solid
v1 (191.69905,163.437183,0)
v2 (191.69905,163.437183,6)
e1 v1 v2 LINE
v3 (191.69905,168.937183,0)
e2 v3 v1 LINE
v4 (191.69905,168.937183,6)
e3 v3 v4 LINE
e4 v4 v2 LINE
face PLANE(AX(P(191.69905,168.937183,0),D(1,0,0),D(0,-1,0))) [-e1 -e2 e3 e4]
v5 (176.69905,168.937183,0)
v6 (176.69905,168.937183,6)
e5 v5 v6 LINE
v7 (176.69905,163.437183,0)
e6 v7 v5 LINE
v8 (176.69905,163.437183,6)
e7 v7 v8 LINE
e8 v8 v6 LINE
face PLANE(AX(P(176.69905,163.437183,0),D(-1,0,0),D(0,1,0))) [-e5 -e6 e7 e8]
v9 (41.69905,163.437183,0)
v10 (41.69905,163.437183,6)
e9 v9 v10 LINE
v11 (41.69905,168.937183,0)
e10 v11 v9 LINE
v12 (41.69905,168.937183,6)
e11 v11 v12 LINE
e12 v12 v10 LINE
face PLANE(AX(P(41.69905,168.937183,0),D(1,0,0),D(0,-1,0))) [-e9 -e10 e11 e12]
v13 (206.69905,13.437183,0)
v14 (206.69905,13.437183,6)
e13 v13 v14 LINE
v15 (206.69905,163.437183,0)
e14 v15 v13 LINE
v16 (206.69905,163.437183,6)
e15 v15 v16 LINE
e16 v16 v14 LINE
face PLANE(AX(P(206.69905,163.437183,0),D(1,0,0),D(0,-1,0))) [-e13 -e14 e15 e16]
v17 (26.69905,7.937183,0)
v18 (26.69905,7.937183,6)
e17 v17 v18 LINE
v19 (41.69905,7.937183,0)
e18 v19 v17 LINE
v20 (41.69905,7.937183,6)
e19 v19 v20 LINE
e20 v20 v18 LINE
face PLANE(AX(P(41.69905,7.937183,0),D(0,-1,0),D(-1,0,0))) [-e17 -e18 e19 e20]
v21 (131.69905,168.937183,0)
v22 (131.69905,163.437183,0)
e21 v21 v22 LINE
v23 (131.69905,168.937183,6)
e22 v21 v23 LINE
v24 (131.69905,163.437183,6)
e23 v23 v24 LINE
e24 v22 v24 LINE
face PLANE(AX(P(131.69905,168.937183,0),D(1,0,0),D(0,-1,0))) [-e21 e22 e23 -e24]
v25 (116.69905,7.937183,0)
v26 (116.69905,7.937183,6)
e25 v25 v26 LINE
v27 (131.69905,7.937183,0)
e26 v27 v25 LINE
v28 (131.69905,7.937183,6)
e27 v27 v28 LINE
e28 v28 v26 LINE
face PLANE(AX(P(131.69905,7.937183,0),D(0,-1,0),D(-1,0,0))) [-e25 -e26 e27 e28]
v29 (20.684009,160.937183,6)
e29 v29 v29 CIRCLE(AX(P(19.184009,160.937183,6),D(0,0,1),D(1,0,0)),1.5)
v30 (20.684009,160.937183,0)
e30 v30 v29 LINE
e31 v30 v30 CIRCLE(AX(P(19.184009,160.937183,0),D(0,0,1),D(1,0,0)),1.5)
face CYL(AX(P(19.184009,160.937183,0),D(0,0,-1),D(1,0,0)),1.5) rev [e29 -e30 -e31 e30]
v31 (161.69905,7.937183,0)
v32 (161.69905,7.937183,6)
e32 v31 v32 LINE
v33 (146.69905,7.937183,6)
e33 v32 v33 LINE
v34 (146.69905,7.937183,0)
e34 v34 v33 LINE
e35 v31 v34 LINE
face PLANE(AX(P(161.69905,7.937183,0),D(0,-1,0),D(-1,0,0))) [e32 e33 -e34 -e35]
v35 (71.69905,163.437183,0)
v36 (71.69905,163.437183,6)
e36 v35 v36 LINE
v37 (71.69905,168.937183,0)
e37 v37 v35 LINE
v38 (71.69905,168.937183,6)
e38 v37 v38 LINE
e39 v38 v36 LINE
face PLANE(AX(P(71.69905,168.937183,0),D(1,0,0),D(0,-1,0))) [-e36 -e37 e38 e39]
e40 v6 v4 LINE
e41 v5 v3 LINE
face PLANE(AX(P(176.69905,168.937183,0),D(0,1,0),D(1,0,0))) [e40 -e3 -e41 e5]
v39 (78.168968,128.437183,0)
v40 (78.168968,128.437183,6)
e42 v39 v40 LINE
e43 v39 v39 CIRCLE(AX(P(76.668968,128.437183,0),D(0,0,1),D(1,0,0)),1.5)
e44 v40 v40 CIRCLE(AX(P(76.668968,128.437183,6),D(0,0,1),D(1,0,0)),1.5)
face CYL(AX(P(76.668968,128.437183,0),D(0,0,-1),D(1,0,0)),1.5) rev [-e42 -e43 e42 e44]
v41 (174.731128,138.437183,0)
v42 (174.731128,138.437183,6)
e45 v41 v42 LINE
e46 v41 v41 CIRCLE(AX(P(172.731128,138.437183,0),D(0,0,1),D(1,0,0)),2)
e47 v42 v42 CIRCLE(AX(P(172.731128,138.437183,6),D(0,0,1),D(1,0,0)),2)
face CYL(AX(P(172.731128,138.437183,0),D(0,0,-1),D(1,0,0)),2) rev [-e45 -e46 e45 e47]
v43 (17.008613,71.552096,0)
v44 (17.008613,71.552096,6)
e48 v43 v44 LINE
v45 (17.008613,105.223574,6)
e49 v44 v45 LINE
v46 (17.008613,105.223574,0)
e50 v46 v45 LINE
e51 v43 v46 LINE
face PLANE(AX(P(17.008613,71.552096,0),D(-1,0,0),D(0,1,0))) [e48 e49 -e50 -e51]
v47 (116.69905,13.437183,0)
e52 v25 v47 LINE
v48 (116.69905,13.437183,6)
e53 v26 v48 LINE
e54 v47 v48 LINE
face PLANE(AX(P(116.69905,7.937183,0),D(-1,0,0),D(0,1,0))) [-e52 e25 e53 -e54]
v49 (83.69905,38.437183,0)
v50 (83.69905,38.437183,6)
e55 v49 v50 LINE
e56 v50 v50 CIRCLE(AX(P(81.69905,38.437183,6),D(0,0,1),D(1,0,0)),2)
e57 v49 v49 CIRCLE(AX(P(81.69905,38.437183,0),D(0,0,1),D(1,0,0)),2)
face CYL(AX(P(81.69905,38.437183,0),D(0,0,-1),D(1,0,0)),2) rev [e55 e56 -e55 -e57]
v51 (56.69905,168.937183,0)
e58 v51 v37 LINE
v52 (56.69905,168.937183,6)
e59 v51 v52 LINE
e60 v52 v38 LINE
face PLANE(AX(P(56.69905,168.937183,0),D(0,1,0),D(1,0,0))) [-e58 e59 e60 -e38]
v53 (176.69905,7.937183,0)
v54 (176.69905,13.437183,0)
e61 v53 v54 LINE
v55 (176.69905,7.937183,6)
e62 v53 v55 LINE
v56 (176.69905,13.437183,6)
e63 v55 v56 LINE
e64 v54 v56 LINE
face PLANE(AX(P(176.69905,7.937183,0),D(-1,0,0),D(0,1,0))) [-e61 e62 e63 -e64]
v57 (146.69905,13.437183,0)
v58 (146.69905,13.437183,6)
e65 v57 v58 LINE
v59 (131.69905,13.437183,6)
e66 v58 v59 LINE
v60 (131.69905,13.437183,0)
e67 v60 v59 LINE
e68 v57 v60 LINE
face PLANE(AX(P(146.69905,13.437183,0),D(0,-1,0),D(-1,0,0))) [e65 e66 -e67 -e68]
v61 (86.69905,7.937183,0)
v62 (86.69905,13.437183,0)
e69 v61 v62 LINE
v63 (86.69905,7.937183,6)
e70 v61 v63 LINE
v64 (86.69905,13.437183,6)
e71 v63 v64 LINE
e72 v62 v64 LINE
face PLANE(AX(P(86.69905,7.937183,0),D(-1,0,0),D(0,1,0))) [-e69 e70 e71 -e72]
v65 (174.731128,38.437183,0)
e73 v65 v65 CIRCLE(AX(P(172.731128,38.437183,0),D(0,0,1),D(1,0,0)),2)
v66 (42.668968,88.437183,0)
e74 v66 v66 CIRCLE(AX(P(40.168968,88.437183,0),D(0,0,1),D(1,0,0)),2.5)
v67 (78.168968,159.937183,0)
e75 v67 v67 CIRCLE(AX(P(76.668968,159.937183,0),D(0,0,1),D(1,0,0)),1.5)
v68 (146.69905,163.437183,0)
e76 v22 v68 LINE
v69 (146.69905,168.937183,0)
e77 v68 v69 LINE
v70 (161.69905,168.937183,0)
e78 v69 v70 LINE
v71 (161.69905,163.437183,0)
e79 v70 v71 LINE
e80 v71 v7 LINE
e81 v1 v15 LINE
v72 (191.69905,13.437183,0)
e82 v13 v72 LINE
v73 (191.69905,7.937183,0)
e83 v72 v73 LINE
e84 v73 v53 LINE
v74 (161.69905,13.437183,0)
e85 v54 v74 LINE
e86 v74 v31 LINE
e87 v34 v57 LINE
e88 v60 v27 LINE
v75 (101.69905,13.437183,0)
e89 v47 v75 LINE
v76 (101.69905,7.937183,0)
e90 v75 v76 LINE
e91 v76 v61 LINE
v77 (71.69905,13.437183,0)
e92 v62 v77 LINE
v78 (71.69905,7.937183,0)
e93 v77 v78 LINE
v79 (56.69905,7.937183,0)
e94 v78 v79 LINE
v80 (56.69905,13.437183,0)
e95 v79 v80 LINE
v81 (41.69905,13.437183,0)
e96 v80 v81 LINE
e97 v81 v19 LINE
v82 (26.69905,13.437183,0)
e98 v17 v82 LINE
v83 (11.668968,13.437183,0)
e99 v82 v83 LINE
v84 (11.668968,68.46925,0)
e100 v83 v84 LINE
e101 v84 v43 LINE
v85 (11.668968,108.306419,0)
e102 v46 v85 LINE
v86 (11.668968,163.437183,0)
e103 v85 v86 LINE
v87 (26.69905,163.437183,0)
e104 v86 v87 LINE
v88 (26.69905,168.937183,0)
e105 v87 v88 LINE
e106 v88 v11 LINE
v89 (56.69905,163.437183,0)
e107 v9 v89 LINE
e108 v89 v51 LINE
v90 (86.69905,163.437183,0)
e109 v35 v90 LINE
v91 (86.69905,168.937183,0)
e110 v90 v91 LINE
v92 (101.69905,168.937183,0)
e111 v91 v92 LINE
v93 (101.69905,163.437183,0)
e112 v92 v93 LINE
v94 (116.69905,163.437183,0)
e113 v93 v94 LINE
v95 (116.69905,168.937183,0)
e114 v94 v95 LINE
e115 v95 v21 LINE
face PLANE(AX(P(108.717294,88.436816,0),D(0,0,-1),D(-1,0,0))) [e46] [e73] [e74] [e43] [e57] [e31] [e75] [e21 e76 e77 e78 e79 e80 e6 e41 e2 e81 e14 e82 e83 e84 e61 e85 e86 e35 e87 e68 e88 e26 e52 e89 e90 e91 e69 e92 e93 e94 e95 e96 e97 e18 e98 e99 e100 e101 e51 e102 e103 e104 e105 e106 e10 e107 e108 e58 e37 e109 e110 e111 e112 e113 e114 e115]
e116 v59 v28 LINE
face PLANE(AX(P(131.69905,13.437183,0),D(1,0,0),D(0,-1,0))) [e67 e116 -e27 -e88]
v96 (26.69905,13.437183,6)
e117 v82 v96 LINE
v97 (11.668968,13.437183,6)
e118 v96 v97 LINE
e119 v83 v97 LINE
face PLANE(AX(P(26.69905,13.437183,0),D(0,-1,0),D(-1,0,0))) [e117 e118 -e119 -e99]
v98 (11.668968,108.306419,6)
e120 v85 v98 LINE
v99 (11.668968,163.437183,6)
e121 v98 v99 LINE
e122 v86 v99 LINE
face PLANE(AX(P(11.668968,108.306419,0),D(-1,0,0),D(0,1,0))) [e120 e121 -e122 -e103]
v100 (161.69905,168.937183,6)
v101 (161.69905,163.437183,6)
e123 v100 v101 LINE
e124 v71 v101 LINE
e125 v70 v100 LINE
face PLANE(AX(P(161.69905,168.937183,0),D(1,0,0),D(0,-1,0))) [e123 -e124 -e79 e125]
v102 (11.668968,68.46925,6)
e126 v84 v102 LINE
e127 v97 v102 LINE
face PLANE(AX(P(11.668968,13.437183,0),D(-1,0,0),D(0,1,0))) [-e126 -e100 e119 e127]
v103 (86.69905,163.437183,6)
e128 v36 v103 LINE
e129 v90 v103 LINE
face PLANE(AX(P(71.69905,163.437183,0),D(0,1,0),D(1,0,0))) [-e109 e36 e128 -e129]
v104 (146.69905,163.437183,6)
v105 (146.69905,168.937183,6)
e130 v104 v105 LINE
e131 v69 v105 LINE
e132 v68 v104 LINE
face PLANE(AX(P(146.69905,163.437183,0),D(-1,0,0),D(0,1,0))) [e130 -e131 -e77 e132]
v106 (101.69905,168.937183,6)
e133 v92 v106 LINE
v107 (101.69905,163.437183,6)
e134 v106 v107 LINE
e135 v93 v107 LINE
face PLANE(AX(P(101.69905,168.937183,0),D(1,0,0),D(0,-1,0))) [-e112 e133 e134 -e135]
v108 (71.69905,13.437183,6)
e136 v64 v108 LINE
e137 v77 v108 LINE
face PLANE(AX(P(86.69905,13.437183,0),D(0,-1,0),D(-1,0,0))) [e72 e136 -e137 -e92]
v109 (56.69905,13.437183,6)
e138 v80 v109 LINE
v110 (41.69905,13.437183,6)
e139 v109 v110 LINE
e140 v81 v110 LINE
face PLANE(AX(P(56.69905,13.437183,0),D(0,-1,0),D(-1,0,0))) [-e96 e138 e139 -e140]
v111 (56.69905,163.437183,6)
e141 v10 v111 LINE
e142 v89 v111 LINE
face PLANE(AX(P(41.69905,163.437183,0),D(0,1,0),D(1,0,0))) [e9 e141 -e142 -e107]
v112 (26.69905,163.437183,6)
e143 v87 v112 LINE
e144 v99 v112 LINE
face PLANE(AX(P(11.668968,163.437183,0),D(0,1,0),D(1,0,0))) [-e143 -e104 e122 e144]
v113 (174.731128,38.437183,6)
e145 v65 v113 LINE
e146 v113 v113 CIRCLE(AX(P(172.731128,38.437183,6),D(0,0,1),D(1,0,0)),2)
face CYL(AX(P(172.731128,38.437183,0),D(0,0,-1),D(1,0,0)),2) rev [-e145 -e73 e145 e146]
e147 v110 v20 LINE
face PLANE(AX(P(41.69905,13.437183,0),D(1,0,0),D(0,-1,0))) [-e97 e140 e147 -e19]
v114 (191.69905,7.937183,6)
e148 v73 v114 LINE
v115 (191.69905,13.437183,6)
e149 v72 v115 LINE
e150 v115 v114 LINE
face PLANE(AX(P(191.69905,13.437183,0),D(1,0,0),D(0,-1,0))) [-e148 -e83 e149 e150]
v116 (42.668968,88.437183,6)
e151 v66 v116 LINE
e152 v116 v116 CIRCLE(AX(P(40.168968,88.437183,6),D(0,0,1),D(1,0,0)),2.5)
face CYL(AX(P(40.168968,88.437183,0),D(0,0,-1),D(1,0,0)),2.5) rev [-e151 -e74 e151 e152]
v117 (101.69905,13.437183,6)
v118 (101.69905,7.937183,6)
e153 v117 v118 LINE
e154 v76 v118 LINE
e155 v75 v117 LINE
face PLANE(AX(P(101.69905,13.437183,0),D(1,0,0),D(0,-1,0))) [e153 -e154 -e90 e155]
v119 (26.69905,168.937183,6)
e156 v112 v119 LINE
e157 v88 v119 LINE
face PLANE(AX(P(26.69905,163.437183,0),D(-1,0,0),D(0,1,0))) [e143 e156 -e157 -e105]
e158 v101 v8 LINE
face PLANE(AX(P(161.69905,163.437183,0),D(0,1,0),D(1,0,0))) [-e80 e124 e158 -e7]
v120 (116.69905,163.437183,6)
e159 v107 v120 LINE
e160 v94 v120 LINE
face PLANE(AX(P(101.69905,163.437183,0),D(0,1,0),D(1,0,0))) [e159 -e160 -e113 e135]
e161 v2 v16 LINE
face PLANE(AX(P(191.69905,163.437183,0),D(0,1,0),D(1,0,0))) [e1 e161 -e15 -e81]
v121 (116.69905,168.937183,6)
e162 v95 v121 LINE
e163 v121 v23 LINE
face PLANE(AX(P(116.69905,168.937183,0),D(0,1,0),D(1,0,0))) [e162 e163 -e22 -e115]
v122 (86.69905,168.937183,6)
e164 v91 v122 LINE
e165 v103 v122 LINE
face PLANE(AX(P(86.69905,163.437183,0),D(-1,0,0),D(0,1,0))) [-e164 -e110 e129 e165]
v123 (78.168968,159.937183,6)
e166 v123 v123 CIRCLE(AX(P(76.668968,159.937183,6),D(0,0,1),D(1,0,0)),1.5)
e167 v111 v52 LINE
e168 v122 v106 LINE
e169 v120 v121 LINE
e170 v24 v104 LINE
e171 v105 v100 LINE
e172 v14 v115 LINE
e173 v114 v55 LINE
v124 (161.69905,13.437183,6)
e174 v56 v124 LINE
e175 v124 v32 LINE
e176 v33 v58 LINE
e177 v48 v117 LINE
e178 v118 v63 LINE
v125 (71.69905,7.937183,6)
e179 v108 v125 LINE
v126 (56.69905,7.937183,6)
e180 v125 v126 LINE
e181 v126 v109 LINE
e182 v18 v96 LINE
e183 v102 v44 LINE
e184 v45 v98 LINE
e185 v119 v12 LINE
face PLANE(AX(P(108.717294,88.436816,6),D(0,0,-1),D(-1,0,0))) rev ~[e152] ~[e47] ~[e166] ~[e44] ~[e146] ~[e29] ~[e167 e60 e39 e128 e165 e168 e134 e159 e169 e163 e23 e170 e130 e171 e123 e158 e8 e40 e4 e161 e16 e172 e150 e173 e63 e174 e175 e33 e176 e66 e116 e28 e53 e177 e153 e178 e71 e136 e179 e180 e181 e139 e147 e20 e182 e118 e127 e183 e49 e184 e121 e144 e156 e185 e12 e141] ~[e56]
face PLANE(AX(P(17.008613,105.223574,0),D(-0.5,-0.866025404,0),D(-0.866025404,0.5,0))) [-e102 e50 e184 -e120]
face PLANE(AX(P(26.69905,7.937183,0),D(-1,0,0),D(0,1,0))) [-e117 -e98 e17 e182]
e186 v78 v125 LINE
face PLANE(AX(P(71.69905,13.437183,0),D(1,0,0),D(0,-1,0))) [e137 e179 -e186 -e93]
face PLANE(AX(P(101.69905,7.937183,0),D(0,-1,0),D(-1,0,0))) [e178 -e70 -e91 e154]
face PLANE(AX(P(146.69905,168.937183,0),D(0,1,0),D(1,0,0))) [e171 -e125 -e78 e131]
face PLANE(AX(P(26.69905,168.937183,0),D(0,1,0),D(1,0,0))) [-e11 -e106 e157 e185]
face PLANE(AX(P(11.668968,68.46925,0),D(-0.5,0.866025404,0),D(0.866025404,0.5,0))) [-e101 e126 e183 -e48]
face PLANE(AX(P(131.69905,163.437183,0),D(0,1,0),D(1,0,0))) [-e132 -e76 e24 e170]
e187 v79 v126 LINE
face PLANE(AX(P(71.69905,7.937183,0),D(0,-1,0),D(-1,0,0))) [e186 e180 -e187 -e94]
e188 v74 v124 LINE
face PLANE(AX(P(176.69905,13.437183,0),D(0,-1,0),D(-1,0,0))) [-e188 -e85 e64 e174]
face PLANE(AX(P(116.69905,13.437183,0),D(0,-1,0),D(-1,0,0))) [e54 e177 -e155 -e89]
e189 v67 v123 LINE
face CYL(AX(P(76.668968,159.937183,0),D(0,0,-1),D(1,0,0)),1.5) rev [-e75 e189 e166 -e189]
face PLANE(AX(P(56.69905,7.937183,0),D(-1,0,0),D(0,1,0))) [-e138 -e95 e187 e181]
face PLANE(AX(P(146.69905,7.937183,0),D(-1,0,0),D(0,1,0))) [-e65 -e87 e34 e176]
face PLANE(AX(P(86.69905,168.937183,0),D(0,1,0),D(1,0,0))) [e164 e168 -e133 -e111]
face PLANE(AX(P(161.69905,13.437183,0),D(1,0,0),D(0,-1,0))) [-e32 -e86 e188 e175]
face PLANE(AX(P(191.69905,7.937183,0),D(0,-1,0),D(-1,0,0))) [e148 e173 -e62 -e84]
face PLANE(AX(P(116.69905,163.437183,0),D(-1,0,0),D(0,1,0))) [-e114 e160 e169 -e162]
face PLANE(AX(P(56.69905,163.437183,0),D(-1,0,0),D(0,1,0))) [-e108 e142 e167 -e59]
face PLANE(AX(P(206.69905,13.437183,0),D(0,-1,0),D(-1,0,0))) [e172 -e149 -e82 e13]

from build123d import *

# Parameters (mm, degrees)
MODEL_R             = 2.5
MODEL_R_2           = 2
MODEL_R_3           = 1.5
BOSS_EXTRUDE1_DEPTH = 6


with BuildPart() as part:
    # Model → Boss-Extrude1 (new body)
    with BuildSketch(Plane.XY):
        Polygon((206.699050252, 163.437183165), (206.699050252, 13.437183165), (191.699050252, 13.437183165), (191.699050252, 7.937183165), (176.699050252, 7.937183165), (176.699050252, 13.437183165), (161.699050252, 13.437183165), (161.699050252, 7.937183165), (146.699050252, 7.937183165), (146.699050252, 13.437183165), (131.699050252, 13.437183165), (131.699050252, 7.937183165), (116.699050252, 7.937183165), (116.699050252, 13.437183165), (101.699050252, 13.437183165), (101.699050252, 7.937183165), (86.699050252, 7.937183165), (86.699050252, 13.437183165), (71.699050252, 13.437183165), (71.699050252, 7.937183165), (56.699050252, 7.937183165), (56.699050252, 13.437183165), (41.699050252, 13.437183165), (41.699050252, 7.937183165), (26.699050252, 7.937183165), (26.699050252, 13.437183165), (11.668968128, 13.437183165), (11.668968128, 68.469250485), (17.008612601, 71.552095659), (17.008612601, 105.223573885), (11.668968128, 108.306419059), (11.668968128, 163.437183165), (26.699050252, 163.437183165), (26.699050252, 168.937183165), (41.699050252, 168.937183165), (41.699050252, 163.437183165), (56.699050252, 163.437183165), (56.699050252, 168.937183165), (71.699050252, 168.937183165), (71.699050252, 163.437183165), (86.699050252, 163.437183165), (86.699050252, 168.937183165), (101.699050252, 168.937183165), (101.699050252, 163.437183165), (116.699050252, 163.437183165), (116.699050252, 168.937183165), (131.699050252, 168.937183165), (131.699050252, 163.437183165), (146.699050252, 163.437183165), (146.699050252, 168.937183165), (161.699050252, 168.937183165), (161.699050252, 163.437183165), (176.699050252, 163.437183165), (176.699050252, 168.937183165), (191.699050252, 168.937183165), (191.699050252, 163.437183165), align=None)
        with Locations((40.168968128, 88.437183165)):
            Circle(MODEL_R, mode=Mode.SUBTRACT)
        with Locations((172.731128361, 138.437183165)):
            Circle(MODEL_R_2, mode=Mode.SUBTRACT)
        with Locations((81.699050252, 38.437183165)):
            Circle(MODEL_R_2, mode=Mode.SUBTRACT)
        with Locations((172.731128361, 38.437183165)):
            Circle(MODEL_R_2, mode=Mode.SUBTRACT)
        with Locations((76.668968128, 128.437183165)):
            Circle(MODEL_R_3, mode=Mode.SUBTRACT)
        with Locations((76.668968128, 159.937183165)):
            Circle(MODEL_R_3, mode=Mode.SUBTRACT)
        with Locations((19.18400919, 160.937183165)):
            Circle(MODEL_R_3, mode=Mode.SUBTRACT)
    extrude(amount=BOSS_EXTRUDE1_DEPTH)


solid = part.part
